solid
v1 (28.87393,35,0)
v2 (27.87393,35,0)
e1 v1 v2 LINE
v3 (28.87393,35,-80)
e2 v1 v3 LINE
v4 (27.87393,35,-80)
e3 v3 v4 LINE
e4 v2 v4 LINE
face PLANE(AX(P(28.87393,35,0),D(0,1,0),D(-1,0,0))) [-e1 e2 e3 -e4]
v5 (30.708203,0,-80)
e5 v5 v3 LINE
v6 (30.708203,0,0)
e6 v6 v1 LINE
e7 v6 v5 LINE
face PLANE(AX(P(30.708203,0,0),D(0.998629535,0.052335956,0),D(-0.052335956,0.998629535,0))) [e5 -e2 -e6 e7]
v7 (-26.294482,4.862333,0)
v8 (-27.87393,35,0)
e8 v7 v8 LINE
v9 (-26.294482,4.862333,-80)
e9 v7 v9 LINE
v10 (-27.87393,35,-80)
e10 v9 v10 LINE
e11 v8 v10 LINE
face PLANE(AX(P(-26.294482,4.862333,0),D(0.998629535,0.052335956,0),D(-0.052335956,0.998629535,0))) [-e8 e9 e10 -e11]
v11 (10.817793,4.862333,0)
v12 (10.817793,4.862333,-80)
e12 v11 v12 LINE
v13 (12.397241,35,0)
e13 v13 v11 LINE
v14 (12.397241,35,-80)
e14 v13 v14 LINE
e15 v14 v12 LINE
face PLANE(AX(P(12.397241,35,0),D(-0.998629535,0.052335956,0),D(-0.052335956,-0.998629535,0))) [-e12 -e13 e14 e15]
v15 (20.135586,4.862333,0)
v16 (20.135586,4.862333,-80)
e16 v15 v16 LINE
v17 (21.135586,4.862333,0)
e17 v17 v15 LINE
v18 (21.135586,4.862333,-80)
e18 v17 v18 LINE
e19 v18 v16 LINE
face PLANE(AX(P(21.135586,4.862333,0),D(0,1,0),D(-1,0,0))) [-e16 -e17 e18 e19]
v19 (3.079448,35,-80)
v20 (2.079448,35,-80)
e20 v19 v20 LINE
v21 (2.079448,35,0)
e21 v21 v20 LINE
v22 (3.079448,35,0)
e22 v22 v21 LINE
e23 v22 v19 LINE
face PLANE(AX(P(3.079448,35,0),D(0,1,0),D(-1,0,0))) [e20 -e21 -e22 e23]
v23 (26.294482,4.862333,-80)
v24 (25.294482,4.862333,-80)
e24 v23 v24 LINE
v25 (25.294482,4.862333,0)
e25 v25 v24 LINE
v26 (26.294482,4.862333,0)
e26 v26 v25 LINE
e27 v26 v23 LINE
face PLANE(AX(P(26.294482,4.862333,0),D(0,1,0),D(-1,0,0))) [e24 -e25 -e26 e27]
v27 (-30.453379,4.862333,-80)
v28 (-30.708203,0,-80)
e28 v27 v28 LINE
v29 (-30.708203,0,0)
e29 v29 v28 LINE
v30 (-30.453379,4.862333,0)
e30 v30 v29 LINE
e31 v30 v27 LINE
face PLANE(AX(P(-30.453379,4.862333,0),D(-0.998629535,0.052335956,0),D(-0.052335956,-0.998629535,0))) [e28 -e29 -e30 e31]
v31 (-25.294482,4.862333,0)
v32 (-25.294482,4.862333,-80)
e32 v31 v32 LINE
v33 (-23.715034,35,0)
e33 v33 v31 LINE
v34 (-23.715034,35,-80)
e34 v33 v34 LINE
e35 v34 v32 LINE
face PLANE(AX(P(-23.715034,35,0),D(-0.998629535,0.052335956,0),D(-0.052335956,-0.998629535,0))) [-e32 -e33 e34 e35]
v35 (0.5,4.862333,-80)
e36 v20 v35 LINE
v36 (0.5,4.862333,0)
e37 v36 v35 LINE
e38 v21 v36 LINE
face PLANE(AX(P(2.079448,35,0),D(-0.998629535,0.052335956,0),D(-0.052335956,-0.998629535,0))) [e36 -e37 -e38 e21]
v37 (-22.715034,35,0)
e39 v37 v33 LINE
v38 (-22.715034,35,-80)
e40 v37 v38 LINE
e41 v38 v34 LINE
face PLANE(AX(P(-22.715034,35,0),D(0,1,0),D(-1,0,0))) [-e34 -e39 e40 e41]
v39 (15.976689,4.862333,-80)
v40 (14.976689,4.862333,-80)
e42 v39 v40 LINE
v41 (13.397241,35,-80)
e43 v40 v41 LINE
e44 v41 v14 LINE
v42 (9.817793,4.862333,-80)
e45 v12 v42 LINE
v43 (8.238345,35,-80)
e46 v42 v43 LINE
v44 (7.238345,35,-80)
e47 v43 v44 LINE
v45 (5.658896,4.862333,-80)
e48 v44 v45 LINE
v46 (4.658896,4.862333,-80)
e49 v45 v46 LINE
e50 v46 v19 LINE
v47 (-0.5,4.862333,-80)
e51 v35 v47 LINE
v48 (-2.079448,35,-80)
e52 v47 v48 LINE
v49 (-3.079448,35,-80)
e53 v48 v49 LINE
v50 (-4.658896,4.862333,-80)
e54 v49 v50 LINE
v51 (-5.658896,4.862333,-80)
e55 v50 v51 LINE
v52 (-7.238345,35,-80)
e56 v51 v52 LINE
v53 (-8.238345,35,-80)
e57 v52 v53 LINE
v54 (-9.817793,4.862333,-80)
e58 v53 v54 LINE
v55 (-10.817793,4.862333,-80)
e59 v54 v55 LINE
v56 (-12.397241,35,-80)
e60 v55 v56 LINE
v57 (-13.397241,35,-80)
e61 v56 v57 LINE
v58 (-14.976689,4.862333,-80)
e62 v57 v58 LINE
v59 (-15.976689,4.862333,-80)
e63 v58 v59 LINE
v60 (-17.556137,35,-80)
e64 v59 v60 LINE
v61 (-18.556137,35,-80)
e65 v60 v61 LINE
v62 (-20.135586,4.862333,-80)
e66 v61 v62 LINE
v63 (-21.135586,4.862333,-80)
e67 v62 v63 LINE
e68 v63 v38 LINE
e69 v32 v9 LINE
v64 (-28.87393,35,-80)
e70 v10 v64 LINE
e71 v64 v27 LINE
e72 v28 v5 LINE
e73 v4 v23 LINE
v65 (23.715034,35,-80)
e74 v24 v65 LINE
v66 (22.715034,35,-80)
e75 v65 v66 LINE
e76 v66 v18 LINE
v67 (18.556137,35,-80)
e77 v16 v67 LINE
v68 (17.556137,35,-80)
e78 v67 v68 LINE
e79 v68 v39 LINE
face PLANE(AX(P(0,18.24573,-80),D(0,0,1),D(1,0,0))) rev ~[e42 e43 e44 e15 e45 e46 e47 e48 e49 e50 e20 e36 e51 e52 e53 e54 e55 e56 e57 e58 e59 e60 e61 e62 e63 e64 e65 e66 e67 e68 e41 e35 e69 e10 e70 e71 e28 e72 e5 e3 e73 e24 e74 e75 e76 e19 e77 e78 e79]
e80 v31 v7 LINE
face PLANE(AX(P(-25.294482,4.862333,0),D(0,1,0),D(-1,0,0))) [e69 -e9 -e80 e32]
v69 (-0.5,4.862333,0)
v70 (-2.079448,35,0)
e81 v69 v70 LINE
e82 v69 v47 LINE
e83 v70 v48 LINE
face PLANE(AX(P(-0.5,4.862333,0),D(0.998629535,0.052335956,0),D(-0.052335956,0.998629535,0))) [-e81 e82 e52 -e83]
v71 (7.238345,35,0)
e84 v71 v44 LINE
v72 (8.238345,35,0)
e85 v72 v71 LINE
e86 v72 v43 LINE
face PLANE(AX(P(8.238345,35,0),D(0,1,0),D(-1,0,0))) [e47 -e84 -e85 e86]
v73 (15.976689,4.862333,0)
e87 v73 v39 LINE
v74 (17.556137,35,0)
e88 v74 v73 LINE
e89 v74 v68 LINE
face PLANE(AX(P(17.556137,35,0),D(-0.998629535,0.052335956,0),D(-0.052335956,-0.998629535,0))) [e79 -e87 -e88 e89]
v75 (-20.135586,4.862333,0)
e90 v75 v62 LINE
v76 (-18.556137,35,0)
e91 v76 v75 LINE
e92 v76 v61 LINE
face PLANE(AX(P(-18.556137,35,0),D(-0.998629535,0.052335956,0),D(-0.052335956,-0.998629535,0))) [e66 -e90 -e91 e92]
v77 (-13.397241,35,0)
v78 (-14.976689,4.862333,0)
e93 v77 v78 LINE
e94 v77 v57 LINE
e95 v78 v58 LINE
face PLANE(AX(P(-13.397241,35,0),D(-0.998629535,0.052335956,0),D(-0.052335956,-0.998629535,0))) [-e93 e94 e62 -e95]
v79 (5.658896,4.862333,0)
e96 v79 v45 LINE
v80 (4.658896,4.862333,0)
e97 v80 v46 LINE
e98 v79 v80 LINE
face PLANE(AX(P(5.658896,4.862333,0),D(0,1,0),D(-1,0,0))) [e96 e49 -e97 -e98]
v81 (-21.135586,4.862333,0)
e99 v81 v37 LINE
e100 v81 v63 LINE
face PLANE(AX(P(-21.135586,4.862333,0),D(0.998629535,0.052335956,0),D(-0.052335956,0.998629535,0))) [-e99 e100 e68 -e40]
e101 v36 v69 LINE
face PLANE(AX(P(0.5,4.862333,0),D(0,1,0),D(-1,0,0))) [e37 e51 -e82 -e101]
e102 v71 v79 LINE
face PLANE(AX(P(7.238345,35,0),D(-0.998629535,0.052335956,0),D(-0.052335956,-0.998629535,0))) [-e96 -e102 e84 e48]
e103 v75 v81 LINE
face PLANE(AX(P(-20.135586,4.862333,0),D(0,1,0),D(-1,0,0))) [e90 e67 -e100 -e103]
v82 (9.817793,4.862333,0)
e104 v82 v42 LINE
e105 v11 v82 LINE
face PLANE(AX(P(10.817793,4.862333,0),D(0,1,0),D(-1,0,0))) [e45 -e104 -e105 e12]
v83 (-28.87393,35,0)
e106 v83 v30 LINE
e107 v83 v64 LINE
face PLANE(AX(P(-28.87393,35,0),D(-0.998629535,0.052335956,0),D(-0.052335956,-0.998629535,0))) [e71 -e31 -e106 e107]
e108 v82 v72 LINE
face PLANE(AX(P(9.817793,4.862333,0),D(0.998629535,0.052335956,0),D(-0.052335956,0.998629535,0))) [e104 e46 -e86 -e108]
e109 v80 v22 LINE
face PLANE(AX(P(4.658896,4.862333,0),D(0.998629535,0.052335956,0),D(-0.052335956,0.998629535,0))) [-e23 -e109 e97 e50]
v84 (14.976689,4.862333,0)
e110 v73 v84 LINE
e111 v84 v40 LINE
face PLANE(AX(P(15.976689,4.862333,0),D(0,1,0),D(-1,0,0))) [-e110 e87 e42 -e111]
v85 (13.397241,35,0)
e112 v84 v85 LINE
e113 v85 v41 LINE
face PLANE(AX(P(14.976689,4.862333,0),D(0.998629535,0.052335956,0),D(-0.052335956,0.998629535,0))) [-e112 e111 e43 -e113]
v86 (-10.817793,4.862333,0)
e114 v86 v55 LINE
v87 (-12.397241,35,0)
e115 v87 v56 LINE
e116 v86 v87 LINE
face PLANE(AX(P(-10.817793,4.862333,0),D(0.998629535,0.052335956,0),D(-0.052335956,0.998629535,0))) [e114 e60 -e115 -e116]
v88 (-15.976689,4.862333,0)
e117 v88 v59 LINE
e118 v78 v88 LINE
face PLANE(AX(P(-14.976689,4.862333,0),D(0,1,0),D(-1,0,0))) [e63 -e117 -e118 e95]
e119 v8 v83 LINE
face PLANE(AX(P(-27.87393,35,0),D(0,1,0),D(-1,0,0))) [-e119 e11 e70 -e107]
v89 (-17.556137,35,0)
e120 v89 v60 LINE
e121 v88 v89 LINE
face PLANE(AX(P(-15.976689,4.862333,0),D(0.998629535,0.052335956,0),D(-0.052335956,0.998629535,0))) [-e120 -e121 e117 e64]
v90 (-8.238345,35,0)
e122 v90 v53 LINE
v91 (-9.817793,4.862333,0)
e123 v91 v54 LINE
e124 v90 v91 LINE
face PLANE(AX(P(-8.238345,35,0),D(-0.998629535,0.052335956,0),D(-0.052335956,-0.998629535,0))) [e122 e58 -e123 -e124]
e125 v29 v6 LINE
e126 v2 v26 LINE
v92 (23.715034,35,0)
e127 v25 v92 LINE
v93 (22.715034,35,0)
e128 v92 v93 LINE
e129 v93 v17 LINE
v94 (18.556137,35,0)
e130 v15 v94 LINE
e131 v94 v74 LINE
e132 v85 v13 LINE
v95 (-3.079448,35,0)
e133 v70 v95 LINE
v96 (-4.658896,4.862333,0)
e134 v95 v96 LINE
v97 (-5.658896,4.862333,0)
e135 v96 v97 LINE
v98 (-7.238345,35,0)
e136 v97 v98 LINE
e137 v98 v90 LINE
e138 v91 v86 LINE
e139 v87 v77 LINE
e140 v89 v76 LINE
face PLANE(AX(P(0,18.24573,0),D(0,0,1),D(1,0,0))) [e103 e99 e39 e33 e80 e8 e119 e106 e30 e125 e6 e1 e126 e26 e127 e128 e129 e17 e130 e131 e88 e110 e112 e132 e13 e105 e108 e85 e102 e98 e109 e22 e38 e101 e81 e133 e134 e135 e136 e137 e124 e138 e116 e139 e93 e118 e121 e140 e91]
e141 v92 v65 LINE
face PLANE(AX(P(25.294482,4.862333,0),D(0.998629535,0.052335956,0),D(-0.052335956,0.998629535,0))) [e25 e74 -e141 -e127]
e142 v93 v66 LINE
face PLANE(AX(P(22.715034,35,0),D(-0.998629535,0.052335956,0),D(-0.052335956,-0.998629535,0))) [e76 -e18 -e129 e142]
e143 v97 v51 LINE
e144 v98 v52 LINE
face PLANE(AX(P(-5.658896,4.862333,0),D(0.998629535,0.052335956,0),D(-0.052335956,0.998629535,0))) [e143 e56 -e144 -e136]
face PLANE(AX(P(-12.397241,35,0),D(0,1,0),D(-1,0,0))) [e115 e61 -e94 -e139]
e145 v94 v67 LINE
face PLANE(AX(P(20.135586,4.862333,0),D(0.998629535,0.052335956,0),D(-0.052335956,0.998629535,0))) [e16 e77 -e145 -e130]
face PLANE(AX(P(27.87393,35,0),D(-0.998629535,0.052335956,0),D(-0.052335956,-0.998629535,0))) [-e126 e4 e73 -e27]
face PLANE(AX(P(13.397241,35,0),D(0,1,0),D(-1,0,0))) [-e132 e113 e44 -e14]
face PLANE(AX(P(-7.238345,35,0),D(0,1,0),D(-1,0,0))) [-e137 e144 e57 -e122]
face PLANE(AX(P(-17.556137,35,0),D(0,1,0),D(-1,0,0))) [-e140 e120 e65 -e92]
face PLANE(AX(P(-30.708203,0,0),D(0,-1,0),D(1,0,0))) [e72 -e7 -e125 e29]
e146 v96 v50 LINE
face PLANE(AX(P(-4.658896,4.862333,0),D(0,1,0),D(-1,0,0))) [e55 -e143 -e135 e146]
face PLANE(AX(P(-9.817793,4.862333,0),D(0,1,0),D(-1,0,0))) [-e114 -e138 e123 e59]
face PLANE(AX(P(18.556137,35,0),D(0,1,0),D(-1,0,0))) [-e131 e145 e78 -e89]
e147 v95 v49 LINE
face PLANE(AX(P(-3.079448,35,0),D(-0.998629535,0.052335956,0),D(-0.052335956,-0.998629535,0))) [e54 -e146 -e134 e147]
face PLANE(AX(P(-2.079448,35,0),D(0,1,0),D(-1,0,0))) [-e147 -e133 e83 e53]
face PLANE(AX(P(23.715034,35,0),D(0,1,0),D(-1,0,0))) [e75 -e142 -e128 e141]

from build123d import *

# Parameters (mm, degrees)
DODANIE_WYCI_GNI_CIE1_DEPTH = 80


with BuildPart() as part:
    # Szkic1 → Dodanie-wyciągnięcie1 (new body)
    with BuildSketch(Plane.XY):
        Polygon((-30.708202586, 0), (30.708202586, 0), (28.873930311, 35), (27.873930311, 35), (26.294482101, 4.862332812), (25.294482101, 4.862332812), (23.715033891, 35), (22.715033891, 35), (21.135585681, 4.862332812), (20.135585681, 4.862332812), (18.556137471, 35), (17.556137471, 35), (15.976689261, 4.862332812), (14.976689261, 4.862332812), (13.39724105, 35), (12.39724105, 35), (10.81779284, 4.862332812), (9.81779284, 4.862332812), (8.23834463, 35), (7.23834463, 35), (5.65889642, 4.862332812), (4.65889642, 4.862332812), (3.07944821, 35), (2.07944821, 35), (0.5, 4.862332812), (-0.5, 4.862332812), (-2.07944821, 35), (-3.07944821, 35), (-4.65889642, 4.862332812), (-5.65889642, 4.862332812), (-7.23834463, 35), (-8.23834463, 35), (-9.81779284, 4.862332812), (-10.81779284, 4.862332812), (-12.39724105, 35), (-13.39724105, 35), (-14.976689261, 4.862332812), (-15.976689261, 4.862332812), (-17.556137471, 35), (-18.556137471, 35), (-20.135585681, 4.862332812), (-21.135585681, 4.862332812), (-22.715033891, 35), (-23.715033891, 35), (-25.294482101, 4.862332812), (-26.294482101, 4.862332812), (-27.873930311, 35), (-28.873930311, 35), (-30.453378521, 4.862332812), align=None)
    extrude(amount=-DODANIE_WYCI_GNI_CIE1_DEPTH)


solid = part.part
